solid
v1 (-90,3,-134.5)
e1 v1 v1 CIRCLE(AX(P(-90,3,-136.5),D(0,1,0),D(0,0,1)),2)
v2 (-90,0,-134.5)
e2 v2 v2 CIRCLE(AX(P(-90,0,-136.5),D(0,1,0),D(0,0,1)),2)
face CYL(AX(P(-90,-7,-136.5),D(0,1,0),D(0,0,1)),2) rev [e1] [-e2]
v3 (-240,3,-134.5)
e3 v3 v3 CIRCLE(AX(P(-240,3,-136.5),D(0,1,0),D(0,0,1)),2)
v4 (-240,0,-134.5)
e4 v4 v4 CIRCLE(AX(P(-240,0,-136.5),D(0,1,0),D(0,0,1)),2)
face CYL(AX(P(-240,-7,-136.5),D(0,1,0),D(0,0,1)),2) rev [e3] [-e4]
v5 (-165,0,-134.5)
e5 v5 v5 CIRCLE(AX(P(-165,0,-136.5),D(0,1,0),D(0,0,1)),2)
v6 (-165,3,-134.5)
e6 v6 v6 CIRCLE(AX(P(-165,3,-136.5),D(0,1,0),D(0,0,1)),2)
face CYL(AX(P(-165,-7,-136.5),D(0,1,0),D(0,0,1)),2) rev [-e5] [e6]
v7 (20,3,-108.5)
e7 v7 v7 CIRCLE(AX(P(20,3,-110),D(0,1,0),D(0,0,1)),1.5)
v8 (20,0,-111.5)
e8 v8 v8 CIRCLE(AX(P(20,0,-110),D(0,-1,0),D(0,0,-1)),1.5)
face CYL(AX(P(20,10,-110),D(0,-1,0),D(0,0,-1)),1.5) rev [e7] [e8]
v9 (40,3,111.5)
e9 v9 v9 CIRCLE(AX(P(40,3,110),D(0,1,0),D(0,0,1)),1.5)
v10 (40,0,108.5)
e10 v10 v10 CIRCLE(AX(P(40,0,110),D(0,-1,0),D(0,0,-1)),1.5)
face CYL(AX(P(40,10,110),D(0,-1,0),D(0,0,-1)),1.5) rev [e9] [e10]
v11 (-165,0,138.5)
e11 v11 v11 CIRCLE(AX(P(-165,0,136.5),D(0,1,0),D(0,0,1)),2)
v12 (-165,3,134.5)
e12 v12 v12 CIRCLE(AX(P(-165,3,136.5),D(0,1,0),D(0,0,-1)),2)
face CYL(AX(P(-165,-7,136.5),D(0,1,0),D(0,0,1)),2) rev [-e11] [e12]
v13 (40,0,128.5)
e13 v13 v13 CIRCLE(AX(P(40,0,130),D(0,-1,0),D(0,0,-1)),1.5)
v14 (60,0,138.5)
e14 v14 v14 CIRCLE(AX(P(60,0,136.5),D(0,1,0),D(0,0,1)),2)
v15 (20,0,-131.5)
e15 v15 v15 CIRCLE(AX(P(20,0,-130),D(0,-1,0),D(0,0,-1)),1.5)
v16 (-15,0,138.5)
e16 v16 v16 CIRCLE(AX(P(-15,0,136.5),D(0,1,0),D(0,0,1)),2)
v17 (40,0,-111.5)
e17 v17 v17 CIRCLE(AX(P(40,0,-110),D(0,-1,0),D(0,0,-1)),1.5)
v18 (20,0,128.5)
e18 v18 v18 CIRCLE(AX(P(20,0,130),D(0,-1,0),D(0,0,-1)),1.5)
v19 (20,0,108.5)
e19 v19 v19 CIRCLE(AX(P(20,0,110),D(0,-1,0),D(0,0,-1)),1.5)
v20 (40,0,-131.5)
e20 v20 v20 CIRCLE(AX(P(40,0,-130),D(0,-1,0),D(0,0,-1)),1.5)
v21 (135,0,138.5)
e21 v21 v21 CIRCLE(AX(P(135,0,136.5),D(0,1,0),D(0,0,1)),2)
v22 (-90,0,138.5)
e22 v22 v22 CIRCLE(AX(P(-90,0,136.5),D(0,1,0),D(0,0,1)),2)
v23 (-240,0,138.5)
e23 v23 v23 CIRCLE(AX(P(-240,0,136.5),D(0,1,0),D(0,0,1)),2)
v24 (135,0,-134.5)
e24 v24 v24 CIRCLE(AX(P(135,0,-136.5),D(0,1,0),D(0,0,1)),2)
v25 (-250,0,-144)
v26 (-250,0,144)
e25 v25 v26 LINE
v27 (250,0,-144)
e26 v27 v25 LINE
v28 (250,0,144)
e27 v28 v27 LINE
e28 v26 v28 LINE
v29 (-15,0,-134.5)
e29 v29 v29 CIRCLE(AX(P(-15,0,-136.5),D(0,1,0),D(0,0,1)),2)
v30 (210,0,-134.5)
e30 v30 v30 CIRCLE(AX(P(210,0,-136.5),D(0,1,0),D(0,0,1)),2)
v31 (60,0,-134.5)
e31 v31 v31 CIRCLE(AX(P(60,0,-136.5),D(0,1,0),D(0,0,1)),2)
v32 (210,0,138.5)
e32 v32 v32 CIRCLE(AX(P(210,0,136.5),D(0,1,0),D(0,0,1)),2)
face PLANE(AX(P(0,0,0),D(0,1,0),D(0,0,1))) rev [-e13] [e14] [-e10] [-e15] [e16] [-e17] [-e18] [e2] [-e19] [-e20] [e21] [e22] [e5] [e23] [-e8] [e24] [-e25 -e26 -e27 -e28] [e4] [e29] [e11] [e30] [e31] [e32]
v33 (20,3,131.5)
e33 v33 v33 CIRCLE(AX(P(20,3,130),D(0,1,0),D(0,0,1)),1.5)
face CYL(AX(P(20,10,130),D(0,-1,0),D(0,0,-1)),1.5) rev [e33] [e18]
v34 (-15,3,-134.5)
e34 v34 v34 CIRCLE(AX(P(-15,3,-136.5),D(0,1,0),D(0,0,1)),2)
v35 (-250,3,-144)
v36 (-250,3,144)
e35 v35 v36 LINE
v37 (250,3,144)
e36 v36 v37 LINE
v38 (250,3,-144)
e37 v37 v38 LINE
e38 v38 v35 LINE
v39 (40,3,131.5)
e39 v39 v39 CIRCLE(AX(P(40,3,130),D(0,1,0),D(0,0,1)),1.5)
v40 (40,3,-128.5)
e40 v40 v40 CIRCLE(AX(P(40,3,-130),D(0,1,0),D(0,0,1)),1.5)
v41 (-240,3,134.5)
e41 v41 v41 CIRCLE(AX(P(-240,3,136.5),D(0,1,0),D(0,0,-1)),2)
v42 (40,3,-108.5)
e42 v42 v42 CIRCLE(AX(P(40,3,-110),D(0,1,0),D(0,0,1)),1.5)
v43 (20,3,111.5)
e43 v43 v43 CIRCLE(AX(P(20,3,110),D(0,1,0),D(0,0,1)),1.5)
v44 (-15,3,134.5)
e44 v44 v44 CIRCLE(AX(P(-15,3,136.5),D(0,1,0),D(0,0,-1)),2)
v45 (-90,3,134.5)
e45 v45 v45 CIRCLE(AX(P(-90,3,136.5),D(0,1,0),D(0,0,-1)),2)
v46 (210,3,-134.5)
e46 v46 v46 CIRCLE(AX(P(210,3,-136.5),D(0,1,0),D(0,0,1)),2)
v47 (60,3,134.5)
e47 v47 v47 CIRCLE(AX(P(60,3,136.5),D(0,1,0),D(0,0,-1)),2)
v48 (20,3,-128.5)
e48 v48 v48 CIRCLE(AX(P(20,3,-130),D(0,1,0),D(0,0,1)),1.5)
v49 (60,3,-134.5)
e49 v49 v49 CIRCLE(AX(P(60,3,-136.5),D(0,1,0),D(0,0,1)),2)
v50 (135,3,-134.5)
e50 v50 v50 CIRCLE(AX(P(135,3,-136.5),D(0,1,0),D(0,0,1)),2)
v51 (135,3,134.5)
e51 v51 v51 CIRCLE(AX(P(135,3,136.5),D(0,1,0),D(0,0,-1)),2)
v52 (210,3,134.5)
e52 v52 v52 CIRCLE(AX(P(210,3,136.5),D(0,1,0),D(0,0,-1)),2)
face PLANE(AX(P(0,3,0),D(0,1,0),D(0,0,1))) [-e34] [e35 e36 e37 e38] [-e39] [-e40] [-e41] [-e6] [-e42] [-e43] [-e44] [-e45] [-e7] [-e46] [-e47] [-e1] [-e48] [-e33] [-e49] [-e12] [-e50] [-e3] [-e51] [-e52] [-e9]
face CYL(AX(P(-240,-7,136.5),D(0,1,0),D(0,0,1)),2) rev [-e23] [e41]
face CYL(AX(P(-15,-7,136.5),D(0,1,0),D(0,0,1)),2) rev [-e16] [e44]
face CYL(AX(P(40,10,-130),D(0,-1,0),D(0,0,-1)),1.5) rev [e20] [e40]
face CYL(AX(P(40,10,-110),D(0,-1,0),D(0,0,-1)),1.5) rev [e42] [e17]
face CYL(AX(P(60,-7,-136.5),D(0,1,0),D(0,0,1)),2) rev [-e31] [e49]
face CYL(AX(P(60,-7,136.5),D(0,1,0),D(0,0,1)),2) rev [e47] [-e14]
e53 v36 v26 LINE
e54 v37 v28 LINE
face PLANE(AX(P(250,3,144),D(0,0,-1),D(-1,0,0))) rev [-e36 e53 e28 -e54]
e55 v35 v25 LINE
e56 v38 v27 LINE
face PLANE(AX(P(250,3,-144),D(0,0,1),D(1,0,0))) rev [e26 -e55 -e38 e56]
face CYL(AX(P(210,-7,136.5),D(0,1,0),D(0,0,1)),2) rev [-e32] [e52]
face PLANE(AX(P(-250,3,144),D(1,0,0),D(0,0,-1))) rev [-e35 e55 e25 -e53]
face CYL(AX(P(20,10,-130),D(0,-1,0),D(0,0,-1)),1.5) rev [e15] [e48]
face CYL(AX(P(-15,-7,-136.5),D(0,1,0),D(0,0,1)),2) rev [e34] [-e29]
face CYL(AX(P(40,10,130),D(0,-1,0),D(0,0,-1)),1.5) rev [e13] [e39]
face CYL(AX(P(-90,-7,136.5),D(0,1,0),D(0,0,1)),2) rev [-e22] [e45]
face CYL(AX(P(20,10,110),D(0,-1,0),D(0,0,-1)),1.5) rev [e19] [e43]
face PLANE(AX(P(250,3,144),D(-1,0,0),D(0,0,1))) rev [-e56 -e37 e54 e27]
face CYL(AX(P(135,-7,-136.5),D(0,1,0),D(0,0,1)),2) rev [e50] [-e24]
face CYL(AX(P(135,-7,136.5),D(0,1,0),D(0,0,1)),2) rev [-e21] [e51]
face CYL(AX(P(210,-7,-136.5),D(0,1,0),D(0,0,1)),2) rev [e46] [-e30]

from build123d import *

# Parameters (mm, degrees)
SKETCH1_W           = 500
SKETCH1_H           = 288
BOSS_EXTRUDE1_DEPTH = 3
SKETCH2_R           = 2
CUT_EXTRUDE1_DEPTH  = 10
SKETCH3_R           = 1.5
CUT_EXTRUDE2_DEPTH  = 10


with BuildPart() as part:
    # Sketch1 → Boss-Extrude1 (new body)
    with BuildSketch(Plane(origin=(0, 0, 0), x_dir=(1, 0, 0), z_dir=(0, 1, 0))):
        Rectangle(SKETCH1_W, SKETCH1_H)
    extrude(amount=BOSS_EXTRUDE1_DEPTH)

    # Sketch2 → Cut-Extrude1 (cut)
    with BuildSketch(Plane(origin=(0, 3, 0), x_dir=(1, 0, 0), z_dir=(0, 1, 0))):
        with Locations((-240, 136.5)):
            Circle(SKETCH2_R)
        with Locations((-165, 136.5)):
            Circle(SKETCH2_R)
        with Locations((-90, 136.5)):
            Circle(SKETCH2_R)
        with Locations((-15, 136.5)):
            Circle(SKETCH2_R)
        with Locations((60, 136.5)):
            Circle(SKETCH2_R)
        with Locations((135, 136.5)):
            Circle(SKETCH2_R)
        with Locations((135, -136.5)):
            Circle(SKETCH2_R)
        with Locations((60, -136.5)):
            Circle(SKETCH2_R)
        with Locations((-15, -136.5)):
            Circle(SKETCH2_R)
        with Locations((-90, -136.5)):
            Circle(SKETCH2_R)
        with Locations((-165, -136.5)):
            Circle(SKETCH2_R)
        with Locations((-240, -136.5)):
            Circle(SKETCH2_R)
        with Locations((210, 136.5)):
            Circle(SKETCH2_R)
        with Locations((210, -136.5)):
            Circle(SKETCH2_R)
    extrude(amount=-CUT_EXTRUDE1_DEPTH, mode=Mode.SUBTRACT)

    # Sketch3 → Cut-Extrude2 (cut)
    with BuildSketch(Plane(origin=(0, 0, 0), x_dir=(-1, 0, 0), z_dir=(0, -1, 0))):
        with Locations((-20, -110)):
            Circle(SKETCH3_R)
        with Locations((-40, -110)):
            Circle(SKETCH3_R)
        with Locations((-20, 110)):
            Circle(SKETCH3_R)
        with Locations((-40, 110)):
            Circle(SKETCH3_R)
        with Locations((-20, 130)):
            Circle(SKETCH3_R)
        with Locations((-40, 130)):
            Circle(SKETCH3_R)
        with Locations((-20, -130)):
            Circle(SKETCH3_R)
        with Locations((-40, -130)):
            Circle(SKETCH3_R)
    extrude(amount=-CUT_EXTRUDE2_DEPTH, mode=Mode.SUBTRACT)


solid = part.part
